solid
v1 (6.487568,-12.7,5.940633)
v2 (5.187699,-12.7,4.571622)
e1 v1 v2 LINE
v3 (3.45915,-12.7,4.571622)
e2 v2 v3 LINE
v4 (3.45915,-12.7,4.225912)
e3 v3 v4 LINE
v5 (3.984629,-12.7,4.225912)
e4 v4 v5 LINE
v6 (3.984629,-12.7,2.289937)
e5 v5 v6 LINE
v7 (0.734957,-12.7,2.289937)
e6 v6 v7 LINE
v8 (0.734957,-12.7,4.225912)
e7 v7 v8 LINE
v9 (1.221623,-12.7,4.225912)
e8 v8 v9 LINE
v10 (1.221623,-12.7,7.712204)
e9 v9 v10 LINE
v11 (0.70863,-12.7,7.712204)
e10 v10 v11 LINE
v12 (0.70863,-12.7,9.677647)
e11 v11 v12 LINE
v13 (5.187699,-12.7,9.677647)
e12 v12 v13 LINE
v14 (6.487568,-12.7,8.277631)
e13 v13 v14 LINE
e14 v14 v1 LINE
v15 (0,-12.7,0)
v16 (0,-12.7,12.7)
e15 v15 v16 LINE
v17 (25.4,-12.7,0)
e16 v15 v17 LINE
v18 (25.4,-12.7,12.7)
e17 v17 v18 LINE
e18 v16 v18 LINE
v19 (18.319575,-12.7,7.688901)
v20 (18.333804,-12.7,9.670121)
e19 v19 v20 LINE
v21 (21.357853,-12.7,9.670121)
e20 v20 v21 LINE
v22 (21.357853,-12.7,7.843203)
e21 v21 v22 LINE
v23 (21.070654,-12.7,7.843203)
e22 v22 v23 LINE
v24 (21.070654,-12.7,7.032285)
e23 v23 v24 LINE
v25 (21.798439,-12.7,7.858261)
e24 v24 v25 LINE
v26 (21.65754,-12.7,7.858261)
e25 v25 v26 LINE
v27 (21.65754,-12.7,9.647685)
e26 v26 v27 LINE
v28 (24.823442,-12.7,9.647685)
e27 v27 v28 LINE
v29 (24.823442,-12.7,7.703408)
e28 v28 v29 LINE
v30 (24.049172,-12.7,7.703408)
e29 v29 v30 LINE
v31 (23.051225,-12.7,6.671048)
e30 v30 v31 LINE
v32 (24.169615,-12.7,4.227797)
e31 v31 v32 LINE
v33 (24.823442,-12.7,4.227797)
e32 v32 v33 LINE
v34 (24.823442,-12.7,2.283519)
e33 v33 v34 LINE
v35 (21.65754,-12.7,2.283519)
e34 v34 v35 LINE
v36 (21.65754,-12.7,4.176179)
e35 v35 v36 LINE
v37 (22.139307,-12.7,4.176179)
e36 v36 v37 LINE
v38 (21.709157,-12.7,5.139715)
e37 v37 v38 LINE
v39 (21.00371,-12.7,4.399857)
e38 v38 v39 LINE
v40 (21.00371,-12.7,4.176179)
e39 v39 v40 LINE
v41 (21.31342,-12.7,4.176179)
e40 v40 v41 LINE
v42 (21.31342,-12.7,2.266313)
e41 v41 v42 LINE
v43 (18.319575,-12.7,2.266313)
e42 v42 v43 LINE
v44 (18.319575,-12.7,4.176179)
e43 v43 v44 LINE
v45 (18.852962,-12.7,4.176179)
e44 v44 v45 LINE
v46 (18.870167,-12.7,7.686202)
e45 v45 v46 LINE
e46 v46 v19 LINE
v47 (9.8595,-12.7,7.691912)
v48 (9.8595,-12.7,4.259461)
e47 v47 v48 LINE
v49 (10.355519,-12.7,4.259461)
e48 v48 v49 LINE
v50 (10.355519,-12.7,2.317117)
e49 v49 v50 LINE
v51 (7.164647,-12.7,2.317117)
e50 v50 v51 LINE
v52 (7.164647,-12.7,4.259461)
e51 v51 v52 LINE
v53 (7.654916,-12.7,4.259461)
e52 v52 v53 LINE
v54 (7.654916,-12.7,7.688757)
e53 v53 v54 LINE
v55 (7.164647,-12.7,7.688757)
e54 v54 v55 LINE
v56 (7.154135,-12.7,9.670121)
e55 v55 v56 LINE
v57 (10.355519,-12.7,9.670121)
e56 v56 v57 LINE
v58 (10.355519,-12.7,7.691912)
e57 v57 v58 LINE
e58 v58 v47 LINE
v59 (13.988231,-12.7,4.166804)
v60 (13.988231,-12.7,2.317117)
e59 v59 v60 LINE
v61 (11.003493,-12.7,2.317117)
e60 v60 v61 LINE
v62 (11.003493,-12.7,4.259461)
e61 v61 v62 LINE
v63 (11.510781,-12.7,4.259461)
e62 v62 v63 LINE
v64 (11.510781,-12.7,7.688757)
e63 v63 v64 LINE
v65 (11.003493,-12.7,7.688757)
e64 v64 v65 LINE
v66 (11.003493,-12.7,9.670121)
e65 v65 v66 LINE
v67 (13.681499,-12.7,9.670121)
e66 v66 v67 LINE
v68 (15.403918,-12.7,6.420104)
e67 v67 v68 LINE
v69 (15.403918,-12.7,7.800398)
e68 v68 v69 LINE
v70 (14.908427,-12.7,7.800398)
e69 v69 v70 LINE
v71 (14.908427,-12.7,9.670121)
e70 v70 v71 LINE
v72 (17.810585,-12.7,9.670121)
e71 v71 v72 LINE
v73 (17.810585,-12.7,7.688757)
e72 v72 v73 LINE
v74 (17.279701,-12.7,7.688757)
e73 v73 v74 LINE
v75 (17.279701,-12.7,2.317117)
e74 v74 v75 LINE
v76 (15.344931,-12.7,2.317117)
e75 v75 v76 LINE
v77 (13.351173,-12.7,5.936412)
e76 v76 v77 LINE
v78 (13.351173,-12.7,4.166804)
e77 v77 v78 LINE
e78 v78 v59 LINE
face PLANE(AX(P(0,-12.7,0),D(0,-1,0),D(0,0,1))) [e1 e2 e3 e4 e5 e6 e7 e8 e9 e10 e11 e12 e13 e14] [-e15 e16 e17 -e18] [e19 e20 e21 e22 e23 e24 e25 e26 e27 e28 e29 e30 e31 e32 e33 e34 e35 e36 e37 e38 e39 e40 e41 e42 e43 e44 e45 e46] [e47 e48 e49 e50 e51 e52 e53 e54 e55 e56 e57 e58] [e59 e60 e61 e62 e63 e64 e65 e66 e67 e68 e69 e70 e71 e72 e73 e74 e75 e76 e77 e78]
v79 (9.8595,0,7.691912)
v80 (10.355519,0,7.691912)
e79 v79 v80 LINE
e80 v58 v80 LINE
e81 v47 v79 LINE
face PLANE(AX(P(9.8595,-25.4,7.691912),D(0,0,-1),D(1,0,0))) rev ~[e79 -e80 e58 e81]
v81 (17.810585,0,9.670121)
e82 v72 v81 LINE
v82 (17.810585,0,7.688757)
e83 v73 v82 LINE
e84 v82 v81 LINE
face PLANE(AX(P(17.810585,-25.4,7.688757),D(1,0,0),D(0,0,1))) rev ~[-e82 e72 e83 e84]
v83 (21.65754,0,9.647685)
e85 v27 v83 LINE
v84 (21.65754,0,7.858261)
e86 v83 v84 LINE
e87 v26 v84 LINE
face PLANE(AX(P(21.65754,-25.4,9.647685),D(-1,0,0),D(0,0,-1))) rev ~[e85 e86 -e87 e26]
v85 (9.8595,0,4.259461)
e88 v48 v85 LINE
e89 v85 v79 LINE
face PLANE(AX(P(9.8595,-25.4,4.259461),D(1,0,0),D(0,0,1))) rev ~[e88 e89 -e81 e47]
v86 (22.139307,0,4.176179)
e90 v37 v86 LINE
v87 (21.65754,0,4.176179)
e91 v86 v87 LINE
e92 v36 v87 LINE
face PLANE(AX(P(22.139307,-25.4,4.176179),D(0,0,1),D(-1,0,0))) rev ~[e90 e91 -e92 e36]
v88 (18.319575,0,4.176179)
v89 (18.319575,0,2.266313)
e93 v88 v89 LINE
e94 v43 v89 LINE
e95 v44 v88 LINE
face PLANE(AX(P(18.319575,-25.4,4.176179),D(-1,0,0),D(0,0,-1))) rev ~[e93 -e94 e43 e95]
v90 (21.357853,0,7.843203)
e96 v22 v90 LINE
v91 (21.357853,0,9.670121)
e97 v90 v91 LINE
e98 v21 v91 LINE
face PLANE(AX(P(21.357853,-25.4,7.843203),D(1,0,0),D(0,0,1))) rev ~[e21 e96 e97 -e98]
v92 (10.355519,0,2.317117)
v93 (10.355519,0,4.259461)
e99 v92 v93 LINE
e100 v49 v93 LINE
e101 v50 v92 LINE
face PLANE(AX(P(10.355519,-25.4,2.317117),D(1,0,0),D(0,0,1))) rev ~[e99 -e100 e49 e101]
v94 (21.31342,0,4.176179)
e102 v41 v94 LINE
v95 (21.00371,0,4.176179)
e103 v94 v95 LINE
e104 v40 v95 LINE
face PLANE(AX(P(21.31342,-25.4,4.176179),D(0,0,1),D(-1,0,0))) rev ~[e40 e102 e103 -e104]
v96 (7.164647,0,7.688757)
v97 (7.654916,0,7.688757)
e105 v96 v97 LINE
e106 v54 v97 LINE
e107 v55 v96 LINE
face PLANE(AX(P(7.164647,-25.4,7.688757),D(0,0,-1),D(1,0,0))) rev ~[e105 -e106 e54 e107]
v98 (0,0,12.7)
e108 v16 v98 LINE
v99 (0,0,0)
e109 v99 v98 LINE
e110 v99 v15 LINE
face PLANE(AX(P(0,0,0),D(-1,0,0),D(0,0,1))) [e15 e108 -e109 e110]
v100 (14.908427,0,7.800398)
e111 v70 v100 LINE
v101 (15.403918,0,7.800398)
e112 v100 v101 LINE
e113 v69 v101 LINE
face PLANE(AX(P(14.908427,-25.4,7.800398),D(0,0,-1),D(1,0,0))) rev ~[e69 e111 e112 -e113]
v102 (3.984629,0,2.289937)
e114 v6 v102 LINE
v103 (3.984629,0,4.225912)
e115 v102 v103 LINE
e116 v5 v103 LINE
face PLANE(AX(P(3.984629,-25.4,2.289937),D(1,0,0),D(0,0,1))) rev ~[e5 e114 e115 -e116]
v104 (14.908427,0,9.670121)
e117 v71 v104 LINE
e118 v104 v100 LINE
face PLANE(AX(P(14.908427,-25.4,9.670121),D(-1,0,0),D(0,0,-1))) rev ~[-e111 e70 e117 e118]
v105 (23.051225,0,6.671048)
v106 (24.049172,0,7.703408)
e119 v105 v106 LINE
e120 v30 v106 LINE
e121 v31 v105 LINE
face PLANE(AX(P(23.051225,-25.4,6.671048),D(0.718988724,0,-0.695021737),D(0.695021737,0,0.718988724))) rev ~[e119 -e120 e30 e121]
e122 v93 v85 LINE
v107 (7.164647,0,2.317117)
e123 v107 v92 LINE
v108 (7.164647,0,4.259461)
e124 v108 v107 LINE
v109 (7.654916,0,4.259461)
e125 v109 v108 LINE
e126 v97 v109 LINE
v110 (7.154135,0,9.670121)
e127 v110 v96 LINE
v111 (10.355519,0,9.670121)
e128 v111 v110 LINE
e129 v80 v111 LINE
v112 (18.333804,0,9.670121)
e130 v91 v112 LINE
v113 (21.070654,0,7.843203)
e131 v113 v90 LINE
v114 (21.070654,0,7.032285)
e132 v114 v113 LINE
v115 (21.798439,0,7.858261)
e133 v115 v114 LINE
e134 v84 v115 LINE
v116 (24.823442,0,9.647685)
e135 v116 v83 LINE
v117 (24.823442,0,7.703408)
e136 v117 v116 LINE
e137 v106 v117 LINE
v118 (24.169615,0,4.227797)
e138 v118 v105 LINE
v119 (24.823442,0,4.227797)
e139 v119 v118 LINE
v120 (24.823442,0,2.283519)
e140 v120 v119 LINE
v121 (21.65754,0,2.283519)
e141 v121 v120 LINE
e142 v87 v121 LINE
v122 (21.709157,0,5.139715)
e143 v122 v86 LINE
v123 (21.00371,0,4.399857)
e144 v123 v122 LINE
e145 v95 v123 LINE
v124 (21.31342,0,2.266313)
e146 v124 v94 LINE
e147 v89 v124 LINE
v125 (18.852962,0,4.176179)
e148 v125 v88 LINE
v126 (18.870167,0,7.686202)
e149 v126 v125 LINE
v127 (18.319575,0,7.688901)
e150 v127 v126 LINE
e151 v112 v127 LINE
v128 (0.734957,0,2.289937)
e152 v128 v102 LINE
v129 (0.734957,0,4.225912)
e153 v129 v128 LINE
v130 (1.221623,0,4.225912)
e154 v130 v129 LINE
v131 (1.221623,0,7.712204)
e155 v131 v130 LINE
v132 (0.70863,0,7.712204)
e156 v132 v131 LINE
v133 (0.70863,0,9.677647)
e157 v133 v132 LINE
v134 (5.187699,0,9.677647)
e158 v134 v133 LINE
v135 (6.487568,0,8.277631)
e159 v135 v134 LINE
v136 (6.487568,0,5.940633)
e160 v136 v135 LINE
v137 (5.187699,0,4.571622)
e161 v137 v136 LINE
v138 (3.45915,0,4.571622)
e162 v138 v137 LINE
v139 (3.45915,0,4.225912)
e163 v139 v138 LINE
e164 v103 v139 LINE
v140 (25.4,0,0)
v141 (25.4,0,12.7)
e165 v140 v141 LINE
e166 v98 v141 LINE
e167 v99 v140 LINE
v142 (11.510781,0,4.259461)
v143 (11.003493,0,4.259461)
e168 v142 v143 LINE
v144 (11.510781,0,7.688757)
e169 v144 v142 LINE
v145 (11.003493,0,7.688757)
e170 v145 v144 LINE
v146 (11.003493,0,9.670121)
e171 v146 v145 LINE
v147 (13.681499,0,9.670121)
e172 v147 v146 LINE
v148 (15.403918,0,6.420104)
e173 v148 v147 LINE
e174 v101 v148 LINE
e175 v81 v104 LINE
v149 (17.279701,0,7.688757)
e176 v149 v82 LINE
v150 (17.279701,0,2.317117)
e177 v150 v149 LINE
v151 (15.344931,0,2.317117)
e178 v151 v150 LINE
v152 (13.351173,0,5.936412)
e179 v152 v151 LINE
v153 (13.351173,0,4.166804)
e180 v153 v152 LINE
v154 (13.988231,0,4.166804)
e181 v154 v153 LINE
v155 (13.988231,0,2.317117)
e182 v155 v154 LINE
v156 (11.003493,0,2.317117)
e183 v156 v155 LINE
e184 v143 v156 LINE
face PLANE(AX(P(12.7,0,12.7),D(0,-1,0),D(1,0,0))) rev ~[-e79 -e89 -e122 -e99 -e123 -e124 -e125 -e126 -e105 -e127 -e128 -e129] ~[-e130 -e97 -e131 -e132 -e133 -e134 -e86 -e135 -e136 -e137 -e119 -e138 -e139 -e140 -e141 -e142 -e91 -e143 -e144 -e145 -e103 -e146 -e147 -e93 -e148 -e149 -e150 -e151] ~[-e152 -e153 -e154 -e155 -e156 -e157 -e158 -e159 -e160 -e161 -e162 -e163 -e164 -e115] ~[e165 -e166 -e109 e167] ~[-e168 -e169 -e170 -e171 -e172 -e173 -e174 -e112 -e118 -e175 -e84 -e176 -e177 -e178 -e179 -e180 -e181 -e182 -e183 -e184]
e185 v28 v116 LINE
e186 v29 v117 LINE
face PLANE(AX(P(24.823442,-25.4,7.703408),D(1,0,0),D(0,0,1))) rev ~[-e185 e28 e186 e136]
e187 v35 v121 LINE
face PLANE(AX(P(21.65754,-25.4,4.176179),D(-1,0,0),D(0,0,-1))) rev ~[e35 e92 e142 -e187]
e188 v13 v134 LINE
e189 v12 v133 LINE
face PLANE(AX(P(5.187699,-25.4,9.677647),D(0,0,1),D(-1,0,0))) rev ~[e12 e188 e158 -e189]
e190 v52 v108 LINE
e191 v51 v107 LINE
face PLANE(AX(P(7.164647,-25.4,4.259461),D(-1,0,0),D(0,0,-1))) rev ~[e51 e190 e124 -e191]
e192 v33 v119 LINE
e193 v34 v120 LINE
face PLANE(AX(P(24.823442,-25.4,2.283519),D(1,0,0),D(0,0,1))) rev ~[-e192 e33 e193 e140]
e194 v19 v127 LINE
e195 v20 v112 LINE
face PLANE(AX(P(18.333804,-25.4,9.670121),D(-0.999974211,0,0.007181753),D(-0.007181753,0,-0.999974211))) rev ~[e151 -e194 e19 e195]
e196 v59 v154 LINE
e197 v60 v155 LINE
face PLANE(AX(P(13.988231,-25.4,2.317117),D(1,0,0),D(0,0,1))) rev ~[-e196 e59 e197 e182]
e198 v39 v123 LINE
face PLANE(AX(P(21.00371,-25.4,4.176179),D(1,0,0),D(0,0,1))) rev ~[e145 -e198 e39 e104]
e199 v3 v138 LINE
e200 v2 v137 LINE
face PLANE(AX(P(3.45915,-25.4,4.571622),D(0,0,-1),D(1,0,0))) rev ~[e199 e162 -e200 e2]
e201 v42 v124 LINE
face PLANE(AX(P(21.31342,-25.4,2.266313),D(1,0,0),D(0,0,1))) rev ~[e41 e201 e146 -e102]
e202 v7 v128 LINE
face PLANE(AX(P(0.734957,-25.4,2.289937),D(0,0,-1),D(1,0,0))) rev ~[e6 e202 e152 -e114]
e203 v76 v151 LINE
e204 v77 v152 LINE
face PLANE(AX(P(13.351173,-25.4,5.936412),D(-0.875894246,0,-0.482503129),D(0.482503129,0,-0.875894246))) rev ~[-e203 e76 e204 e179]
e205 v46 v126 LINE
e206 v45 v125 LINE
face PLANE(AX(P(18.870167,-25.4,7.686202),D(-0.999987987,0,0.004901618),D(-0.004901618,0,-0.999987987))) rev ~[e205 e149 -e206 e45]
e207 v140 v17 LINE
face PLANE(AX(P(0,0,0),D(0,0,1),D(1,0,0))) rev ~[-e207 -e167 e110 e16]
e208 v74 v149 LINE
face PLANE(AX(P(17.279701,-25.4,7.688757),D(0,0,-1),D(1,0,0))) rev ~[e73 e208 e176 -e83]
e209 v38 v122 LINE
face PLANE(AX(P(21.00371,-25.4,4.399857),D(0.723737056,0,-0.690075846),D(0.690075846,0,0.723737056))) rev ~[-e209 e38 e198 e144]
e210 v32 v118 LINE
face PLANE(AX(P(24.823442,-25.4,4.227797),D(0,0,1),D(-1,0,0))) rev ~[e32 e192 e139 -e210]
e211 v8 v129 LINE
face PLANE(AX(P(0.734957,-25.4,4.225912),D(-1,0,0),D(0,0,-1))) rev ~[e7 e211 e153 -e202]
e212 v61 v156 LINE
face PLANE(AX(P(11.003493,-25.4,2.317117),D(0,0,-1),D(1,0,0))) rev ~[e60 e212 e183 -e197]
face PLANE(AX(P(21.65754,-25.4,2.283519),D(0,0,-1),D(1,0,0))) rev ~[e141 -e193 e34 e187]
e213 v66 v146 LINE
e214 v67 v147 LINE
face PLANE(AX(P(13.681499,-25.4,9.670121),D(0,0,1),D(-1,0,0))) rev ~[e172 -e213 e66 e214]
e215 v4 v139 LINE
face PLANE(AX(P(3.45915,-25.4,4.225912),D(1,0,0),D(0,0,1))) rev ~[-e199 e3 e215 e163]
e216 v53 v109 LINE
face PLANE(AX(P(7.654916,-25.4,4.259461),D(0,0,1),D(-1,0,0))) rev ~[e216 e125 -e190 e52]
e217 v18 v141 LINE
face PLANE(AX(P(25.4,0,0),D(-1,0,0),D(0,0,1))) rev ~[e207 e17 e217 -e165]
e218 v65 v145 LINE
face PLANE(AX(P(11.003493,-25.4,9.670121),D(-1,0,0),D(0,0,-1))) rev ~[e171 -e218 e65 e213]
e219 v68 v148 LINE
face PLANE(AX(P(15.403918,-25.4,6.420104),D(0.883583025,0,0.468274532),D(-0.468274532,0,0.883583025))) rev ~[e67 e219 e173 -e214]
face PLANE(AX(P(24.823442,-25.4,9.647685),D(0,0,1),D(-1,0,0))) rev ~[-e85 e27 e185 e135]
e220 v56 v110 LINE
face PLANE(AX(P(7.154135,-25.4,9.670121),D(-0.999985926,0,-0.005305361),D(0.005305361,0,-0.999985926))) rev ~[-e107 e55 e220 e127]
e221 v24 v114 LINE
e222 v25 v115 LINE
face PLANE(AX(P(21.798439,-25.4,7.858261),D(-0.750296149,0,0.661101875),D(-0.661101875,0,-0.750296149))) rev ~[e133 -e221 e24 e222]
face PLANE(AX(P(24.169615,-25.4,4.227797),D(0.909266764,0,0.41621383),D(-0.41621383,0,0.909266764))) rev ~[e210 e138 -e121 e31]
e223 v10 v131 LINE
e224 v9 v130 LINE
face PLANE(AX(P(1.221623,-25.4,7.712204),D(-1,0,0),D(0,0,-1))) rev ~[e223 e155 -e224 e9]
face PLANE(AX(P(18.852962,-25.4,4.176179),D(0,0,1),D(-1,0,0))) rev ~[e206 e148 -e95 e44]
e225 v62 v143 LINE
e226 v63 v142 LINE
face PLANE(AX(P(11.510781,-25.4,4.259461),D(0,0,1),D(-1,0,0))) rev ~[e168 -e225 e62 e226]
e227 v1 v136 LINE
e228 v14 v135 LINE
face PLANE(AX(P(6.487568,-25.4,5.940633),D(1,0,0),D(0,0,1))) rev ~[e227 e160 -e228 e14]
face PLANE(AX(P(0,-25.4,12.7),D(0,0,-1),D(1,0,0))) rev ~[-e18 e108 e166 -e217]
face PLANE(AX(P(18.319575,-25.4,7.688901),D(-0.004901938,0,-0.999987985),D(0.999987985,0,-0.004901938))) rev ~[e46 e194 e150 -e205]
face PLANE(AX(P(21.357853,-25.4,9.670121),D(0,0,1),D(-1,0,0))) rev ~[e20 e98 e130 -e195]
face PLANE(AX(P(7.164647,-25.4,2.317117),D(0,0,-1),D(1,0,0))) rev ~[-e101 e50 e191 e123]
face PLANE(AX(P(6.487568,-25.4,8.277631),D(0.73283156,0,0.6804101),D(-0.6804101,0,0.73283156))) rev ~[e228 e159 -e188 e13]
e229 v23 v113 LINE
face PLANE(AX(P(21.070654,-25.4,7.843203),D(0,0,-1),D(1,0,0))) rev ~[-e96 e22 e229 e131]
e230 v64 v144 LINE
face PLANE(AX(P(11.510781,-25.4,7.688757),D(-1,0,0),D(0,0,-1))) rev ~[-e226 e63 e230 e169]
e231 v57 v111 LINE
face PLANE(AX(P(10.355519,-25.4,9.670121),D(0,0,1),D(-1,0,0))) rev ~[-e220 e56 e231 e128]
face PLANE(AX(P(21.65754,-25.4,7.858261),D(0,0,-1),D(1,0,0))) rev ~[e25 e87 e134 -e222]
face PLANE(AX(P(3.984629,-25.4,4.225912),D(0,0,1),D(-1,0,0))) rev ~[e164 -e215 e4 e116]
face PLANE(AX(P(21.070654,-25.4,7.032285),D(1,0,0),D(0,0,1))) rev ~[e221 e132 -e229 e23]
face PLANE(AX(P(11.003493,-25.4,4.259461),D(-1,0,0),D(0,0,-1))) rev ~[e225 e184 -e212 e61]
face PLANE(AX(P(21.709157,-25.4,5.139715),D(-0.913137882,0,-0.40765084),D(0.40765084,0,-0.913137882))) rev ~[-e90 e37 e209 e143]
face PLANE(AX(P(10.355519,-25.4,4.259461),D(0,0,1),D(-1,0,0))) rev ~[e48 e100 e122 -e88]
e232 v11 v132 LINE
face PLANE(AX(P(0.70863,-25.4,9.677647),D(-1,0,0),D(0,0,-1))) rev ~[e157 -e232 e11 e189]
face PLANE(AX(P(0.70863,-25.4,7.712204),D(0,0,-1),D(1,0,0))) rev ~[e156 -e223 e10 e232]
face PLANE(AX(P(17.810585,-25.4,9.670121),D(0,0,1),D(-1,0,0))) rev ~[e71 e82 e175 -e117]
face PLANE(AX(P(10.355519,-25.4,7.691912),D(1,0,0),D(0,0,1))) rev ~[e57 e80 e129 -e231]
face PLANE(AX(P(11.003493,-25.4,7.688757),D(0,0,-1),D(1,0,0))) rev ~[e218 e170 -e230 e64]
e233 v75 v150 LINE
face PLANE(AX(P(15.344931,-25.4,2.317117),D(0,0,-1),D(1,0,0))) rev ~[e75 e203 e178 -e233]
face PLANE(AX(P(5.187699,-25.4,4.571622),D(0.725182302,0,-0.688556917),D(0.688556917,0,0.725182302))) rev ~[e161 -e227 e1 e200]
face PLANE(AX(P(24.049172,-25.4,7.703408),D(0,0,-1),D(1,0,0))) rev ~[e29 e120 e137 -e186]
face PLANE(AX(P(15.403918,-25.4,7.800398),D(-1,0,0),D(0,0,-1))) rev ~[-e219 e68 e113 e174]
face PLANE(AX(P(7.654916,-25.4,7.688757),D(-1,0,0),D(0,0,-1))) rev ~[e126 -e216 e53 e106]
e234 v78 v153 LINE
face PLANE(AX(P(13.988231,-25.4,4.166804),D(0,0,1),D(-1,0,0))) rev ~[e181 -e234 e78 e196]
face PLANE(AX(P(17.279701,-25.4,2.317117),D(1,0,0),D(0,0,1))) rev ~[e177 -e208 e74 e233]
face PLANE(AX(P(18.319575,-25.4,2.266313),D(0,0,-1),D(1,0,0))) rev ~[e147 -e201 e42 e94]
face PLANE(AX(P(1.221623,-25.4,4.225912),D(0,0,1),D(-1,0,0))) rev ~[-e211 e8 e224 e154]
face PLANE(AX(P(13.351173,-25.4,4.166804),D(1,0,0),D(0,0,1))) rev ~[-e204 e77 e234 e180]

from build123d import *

# Parameters (mm, degrees)
F0_W     = 25.4
F0_H     = 25.4
F1_DEPTH = 25.4
F3_DEPTH = 25.4
F4_W     = 25.4
F4_H     = 12.7
F5_DEPTH = 25.4
F6_W     = 12.7
F6_H     = 12.7
F7_DEPTH = 25.4


with BuildPart() as f1:
    # F0 (on Front) → F1 (new body)
    with BuildSketch(Plane.XZ):
        with Locations((12.7, 12.7)):
            Rectangle(F0_W, F0_H)
    extrude(amount=F1_DEPTH)

    # F2 (on face) → F3 (cut)
    with BuildSketch(Plane.XZ.offset(25.4)):
        Polygon((5.187699, 9.677647), (0.70863, 9.677647), (0.70863, 7.712204), (1.221623, 7.712204), (1.221623, 4.225912), (0.734957, 4.225912), (0.734957, 2.289937), (3.984629, 2.289937), (3.984629, 4.225912), (3.45915, 4.225912), (3.45915, 4.571622), (5.187699, 4.571622), (6.487568, 5.940633), (6.487568, 8.277631), align=None)
        Polygon((1.373146, 8.298191), (1.373146, 9.056263), (4.895022, 9.024677), (5.842611, 8.09288), (5.842611, 6.181907), (4.942401, 5.234317), (2.826117, 5.234317), (2.826117, 3.623415), (3.284119, 3.623415), (3.284119, 2.928515), (1.373146, 2.928515), (1.373146, 3.623415), (1.89432, 3.623415), (1.89432, 8.298191), align=None, mode=Mode.SUBTRACT)
        Polygon((10.355519, 9.670121), (7.154135, 9.670121), (7.164647, 7.688757), (7.654916, 7.688757), (7.654916, 4.259461), (7.164647, 4.259461), (7.164647, 2.317117), (10.355519, 2.317117), (10.355519, 4.259461), (9.8595, 4.259461), (9.8595, 7.691912), (10.355519, 7.691912), align=None)
        Polygon((7.806116, 8.34365), (7.802438, 9.036948), (9.705184, 9.037424), (9.708923, 8.332776), (9.163893, 8.329884), (9.18893, 3.610964), (9.708865, 3.624296), (9.722495, 2.901242), (7.792784, 2.891004), (7.788839, 3.634657), (8.348879, 3.637628), (8.348879, 8.34653), align=None, mode=Mode.SUBTRACT)
        Polygon((13.681499, 9.670121), (11.003493, 9.670121), (11.003493, 7.688757), (11.510781, 7.688757), (11.510781, 4.259461), (11.003493, 4.259461), (11.003493, 2.317117), (13.988231, 2.317117), (13.988231, 4.166804), (13.351173, 4.166804), (13.351173, 5.936412), (15.344931, 2.317117), (17.279701, 2.317117), (17.279701, 7.688757), (17.810585, 7.688757), (17.810585, 9.670121), (14.908427, 9.670121), (14.908427, 7.800398), (15.403918, 7.800398), (15.403918, 6.420104), align=None)
        Polygon((11.66257, 8.332776), (11.658834, 9.036948), (13.255958, 9.006472), (15.985473, 4.235322), (15.985473, 8.338282), (15.528347, 8.332776), (15.520232, 9.006472), (17.214789, 9.026884), (17.218454, 8.336145), (16.583439, 8.332776), (16.611911, 2.966279), (15.742617, 2.961667), (12.90889, 8.117346), (12.932612, 3.646248), (13.373935, 3.648589), (13.377531, 2.970786), (11.682376, 2.961792), (11.679067, 3.58549), (12.16921, 3.588091), (12.144037, 8.332776), align=None, mode=Mode.SUBTRACT)
        Polygon((21.357853, 9.670121), (18.333804, 9.670121), (18.319575, 7.688901), (18.870167, 7.686202), (18.852962, 4.176179), (18.319575, 4.176179), (18.319575, 2.266313), (21.31342, 2.266313), (21.31342, 4.176179), (21.00371, 4.176179), (21.00371, 4.399857), (21.709157, 5.139715), (22.139307, 4.176179), (21.65754, 4.176179), (21.65754, 2.283519), (24.823442, 2.283519), (24.823442, 4.227797), (24.169615, 4.227797), (23.051225, 6.671048), (24.049172, 7.703408), (24.823442, 7.703408), (24.823442, 9.647685), (21.65754, 9.647685), (21.65754, 7.858261), (21.798439, 7.858261), (21.070654, 7.032285), (21.070654, 7.843203), (21.357853, 7.843203), align=None)
        Polygon((19.004352, 8.332776), (19.000616, 9.036948), (20.667763, 9.036053), (20.667763, 8.306677), (20.414714, 8.306677), (20.414714, 5.552904), (22.945207, 8.336446), (22.349797, 8.336446), (22.349797, 9.036053), (24.180682, 9.036053), (24.180682, 8.312229), (23.73184, 8.312229), (22.349797, 6.743724), (23.704356, 3.588185), (24.180682, 3.588185), (24.180682, 2.962871), (22.349797, 2.962871), (22.349797, 3.588185), (22.945207, 3.588185), (21.754388, 6.207855), (20.414714, 4.644904), (20.414714, 3.588185), (20.679095, 3.588185), (20.682522, 2.942261), (19.004326, 2.933357), (19.000867, 3.585446), (19.517002, 3.588185), (19.491829, 8.332776), align=None, mode=Mode.SUBTRACT)
        Polygon((4.895022, 9.024677), (1.373146, 9.056263), (1.373146, 8.298191), (1.89432, 8.298191), (1.89432, 3.623415), (1.373146, 3.623415), (1.373146, 2.928515), (3.284119, 2.928515), (3.284119, 3.623415), (2.826117, 3.623415), (2.826117, 5.234317), (4.942401, 5.234317), (5.842611, 6.181907), (5.842611, 8.09288), align=None)
        Polygon((9.705184, 9.037424), (7.802438, 9.036948), (7.806116, 8.34365), (8.348879, 8.34653), (8.348879, 3.637628), (7.788839, 3.634657), (7.792784, 2.891004), (9.722495, 2.901242), (9.708865, 3.624296), (9.18893, 3.610964), (9.163893, 8.329884), (9.708923, 8.332776), align=None)
        Polygon((13.255958, 9.006472), (11.658834, 9.036948), (11.66257, 8.332776), (12.144037, 8.332776), (12.16921, 3.588091), (11.679067, 3.58549), (11.682376, 2.961792), (13.377531, 2.970786), (13.373935, 3.648589), (12.932612, 3.646248), (12.90889, 8.117346), (15.742617, 2.961667), (16.611911, 2.966279), (16.583439, 8.332776), (17.218454, 8.336145), (17.214789, 9.026884), (15.520232, 9.006472), (15.528347, 8.332776), (15.985473, 8.338282), (15.985473, 4.235322), align=None)
        Polygon((20.667763, 9.036053), (19.000616, 9.036948), (19.004352, 8.332776), (19.491829, 8.332776), (19.517002, 3.588185), (19.000867, 3.585446), (19.004326, 2.933357), (20.682522, 2.942261), (20.679095, 3.588185), (20.414714, 3.588185), (20.414714, 4.644904), (21.754388, 6.207855), (22.945207, 3.588185), (22.349797, 3.588185), (22.349797, 2.962871), (24.180682, 2.962871), (24.180682, 3.588185), (23.704356, 3.588185), (22.349797, 6.743724), (23.73184, 8.312229), (24.180682, 8.312229), (24.180682, 9.036053), (22.349797, 9.036053), (22.349797, 8.336446), (22.945207, 8.336446), (20.414714, 5.552904), (20.414714, 8.306677), (20.667763, 8.306677), align=None)
    extrude(amount=-F3_DEPTH, mode=Mode.SUBTRACT)

    # F4 (on face) → F5 (cut)
    with BuildSketch(Plane.XZ.offset(25.4)):
        with Locations((12.7, 19.05)):
            Rectangle(F4_W, F4_H)
    extrude(amount=-F5_DEPTH, mode=Mode.SUBTRACT)

    # F6 (on face) → F7 (cut)
    with BuildSketch(Plane(origin=(0, 0, 0), x_dir=(0, -1, 0), z_dir=(-1, 0, 0))):
        with Locations((19.05, 6.35)):
            Rectangle(F6_W, F6_H)
    extrude(amount=-F7_DEPTH, mode=Mode.SUBTRACT)


solid = f1.part
